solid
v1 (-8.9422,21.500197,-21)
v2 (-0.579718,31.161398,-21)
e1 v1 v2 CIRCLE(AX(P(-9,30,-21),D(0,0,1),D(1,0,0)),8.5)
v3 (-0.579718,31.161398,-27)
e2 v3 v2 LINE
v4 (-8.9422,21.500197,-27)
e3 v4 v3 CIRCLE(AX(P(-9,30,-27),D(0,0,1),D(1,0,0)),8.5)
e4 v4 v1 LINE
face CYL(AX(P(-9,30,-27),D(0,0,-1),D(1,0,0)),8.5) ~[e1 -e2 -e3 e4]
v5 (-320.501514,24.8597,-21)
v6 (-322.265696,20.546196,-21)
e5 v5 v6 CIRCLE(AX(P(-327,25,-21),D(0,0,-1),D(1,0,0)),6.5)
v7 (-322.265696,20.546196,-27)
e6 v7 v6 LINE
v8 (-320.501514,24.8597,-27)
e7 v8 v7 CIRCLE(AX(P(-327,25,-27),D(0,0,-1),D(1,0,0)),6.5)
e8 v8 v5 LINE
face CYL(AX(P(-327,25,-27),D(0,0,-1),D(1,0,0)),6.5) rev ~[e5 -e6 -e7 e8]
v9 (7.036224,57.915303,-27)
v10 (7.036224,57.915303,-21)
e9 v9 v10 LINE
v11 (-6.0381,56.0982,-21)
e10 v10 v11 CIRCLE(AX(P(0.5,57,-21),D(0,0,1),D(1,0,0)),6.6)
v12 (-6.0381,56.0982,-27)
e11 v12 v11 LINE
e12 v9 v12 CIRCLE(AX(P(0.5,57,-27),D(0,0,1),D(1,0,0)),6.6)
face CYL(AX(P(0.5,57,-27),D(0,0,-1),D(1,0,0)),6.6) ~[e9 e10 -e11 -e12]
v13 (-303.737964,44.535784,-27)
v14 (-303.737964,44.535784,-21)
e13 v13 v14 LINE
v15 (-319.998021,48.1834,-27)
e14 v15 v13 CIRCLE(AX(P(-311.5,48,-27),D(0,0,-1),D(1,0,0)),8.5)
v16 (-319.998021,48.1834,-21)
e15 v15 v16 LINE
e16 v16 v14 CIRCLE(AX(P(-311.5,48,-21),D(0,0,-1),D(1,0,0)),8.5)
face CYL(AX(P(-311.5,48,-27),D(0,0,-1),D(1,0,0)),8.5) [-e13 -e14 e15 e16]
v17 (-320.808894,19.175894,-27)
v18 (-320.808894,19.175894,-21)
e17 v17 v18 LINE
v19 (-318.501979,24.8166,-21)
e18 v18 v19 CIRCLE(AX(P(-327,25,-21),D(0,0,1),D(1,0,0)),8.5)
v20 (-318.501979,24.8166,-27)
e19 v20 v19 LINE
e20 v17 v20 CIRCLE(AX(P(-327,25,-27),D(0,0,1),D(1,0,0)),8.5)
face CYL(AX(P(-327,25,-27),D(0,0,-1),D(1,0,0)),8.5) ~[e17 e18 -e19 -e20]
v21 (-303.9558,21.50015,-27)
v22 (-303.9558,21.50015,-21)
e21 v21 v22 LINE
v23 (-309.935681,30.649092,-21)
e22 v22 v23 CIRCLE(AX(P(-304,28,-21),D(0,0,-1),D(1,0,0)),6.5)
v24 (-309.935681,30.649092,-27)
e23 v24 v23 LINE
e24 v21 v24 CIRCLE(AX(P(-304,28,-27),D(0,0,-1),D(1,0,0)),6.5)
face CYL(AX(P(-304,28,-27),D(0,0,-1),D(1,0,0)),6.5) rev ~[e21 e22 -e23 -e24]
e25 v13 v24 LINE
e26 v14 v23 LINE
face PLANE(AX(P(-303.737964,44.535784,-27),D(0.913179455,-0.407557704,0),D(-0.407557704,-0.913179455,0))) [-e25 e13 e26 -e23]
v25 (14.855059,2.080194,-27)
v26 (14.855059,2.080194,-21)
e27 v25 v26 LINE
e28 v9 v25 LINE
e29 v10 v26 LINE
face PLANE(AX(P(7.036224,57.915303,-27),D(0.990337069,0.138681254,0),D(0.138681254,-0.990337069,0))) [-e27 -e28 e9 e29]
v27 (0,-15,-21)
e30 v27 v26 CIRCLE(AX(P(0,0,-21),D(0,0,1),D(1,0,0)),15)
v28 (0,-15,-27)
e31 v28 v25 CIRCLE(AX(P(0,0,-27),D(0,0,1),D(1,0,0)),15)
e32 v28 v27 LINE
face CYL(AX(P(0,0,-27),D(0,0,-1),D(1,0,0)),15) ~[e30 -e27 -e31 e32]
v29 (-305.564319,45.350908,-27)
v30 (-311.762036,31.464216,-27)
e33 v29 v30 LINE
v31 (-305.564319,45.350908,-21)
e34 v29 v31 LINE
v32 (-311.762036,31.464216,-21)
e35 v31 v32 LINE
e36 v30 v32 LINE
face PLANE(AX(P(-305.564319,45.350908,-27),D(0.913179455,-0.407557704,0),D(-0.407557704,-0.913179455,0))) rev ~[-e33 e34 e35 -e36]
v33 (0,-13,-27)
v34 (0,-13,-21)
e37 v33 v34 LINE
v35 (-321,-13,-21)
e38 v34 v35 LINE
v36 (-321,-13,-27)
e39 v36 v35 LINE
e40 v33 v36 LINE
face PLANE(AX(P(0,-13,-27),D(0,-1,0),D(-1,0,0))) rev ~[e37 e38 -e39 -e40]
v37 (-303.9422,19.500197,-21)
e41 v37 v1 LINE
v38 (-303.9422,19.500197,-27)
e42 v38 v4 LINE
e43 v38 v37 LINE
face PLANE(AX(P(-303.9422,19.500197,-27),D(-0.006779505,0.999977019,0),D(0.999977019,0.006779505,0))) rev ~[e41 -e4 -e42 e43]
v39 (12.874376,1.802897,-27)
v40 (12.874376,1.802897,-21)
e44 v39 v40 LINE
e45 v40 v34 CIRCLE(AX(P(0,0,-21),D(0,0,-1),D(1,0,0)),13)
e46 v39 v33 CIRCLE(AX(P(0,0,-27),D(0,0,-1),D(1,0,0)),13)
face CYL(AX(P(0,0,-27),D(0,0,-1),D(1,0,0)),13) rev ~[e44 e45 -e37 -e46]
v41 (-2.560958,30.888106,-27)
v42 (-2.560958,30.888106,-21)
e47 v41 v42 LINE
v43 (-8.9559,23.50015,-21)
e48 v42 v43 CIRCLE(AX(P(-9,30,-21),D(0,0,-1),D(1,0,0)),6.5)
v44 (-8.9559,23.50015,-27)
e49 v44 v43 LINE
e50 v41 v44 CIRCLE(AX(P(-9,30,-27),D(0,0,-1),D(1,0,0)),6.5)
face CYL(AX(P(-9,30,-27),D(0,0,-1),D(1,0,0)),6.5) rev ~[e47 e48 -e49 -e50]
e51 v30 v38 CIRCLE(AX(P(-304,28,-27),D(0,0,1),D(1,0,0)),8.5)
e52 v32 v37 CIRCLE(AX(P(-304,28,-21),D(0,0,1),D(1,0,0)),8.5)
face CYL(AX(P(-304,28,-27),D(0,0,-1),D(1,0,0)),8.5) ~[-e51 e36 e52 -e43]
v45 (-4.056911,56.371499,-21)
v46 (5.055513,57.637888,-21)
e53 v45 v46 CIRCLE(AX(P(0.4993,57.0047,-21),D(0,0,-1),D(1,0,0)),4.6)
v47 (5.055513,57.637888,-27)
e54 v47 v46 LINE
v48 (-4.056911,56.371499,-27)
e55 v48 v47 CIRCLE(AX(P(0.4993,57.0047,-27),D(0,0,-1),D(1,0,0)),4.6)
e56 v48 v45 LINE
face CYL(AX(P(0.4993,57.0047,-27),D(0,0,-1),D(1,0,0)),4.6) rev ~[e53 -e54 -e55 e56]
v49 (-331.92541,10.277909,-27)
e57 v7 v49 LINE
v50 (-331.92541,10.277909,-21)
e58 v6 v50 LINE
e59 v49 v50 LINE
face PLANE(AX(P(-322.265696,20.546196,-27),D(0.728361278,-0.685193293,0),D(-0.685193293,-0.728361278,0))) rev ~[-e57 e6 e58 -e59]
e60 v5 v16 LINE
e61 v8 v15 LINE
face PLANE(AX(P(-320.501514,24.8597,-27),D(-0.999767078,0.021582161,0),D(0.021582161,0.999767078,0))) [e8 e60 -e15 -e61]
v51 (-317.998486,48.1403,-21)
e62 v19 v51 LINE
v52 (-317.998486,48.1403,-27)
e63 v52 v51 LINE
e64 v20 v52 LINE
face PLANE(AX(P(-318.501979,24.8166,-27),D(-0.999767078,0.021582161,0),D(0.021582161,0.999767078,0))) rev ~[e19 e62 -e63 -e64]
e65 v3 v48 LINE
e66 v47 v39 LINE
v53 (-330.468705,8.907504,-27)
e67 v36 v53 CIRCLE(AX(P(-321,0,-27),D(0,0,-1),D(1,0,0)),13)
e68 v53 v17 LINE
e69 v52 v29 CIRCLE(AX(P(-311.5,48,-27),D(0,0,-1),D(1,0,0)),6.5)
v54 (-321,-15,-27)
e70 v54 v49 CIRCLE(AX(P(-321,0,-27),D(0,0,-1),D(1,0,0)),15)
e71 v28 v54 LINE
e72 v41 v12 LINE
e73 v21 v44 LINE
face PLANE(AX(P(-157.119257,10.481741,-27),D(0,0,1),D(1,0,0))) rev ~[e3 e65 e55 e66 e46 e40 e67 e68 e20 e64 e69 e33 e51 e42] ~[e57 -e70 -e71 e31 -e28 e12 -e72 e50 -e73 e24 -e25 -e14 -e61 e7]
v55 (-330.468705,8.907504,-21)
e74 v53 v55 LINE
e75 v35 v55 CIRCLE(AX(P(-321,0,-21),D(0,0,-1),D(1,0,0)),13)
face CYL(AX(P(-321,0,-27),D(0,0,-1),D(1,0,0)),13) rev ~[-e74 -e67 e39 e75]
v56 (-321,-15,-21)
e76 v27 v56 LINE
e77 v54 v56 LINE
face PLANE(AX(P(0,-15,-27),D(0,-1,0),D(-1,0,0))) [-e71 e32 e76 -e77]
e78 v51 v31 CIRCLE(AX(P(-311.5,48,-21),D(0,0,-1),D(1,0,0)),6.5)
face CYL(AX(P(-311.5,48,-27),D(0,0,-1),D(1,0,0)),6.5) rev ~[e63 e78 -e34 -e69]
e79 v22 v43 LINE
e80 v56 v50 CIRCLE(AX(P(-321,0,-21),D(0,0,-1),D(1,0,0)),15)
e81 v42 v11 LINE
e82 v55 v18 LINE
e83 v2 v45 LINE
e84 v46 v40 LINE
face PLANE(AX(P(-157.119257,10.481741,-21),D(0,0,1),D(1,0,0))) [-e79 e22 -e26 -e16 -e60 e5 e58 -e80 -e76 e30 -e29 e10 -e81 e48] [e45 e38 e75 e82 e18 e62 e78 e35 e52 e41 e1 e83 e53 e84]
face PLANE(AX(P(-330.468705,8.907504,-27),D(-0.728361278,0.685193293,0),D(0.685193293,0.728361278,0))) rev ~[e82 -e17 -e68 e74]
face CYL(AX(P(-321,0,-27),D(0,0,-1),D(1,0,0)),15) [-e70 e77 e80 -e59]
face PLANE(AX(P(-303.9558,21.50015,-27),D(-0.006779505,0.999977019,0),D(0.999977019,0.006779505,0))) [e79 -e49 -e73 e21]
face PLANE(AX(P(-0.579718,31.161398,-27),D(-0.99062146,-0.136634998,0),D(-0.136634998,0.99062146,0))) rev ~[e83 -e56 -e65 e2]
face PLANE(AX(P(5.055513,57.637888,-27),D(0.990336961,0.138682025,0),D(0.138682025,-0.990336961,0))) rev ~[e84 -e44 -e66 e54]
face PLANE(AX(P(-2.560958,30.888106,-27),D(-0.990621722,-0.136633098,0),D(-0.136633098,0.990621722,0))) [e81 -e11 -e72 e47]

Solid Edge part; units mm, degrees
sketch "Sketch1" plane through (0, 0, -27) normal (0, 0, 1) x (1, 0, 0)
  arc A0 (-321, -13) -> (-330.4687, 8.9075) centre (-321, 0) cw
  line L0 (-330.4687, 8.9075) -> (-320.8089, 19.1759)
  arc A1 (-320.8089, 19.1759) -> (-318.502, 24.8166) centre (-327, 25) ccw
  line L1 (-318.502, 24.8166) -> (-317.9985, 48.1403)
  arc A2 (-317.9985, 48.1403) -> (-305.5643, 45.3509) centre (-311.5, 48) cw
  line L2 (-305.5643, 45.3509) -> (-311.762, 31.4642)
  arc A3 (-311.762, 31.4642) -> (-303.9422, 19.5002) centre (-304, 28) ccw
  line L3 (-303.9422, 19.5002) -> (-8.9422, 21.5002)
  arc A4 (-8.9422, 21.5002) -> (-0.5797, 31.1614) centre (-9, 30) ccw
  line L4 (-0.5797, 31.1614) -> (-4.0569, 56.3715)
  arc A5 (-4.0569, 56.3715) -> (5.0556, 57.6379) centre (0.4993, 57.0047) cw
  line L5 (5.0556, 57.6379) -> (12.8744, 1.8029)
  arc A6 (12.8744, 1.8029) -> (0, -13) centre (0, 0) cw
  line L6 (0, -13) -> (-321, -13)
  line L7 (-322.2657, 20.5462) -> (-331.9254, 10.2779)
  line L8 (-320.5015, 24.8597) -> (-319.998, 48.1834)
  line L9 (-303.738, 44.5358) -> (-309.9357, 30.6491)
  line L10 (-303.9558, 21.5002) -> (-8.9559, 23.5001)
  line L11 (-2.561, 30.8881) -> (-6.0381, 56.0982)
  line L12 (7.0362, 57.9153) -> (14.8551, 2.0802)
  line L13 (0, -15) -> (-321, -15)
  arc A7 (-321, -15) -> (-331.9254, 10.2779) centre (-321, 0) cw
  arc A8 (-320.5015, 24.8597) -> (-322.2657, 20.5462) centre (-327, 25) cw
  arc A9 (-319.998, 48.1834) -> (-303.738, 44.5358) centre (-311.5, 48) cw
  arc A10 (-303.9558, 21.5002) -> (-309.9357, 30.6491) centre (-304, 28) cw
  arc A11 (-2.561, 30.8881) -> (-8.9559, 23.5001) centre (-9, 30) cw
  arc A12 (7.0362, 57.9153) -> (-6.0381, 56.0982) centre (0.5, 57) ccw
  arc A13 (0, -15) -> (14.8551, 2.0802) centre (0, 0) ccw
extrude "Protrusion1" add sketch "Sketch1" along normal blind 6
